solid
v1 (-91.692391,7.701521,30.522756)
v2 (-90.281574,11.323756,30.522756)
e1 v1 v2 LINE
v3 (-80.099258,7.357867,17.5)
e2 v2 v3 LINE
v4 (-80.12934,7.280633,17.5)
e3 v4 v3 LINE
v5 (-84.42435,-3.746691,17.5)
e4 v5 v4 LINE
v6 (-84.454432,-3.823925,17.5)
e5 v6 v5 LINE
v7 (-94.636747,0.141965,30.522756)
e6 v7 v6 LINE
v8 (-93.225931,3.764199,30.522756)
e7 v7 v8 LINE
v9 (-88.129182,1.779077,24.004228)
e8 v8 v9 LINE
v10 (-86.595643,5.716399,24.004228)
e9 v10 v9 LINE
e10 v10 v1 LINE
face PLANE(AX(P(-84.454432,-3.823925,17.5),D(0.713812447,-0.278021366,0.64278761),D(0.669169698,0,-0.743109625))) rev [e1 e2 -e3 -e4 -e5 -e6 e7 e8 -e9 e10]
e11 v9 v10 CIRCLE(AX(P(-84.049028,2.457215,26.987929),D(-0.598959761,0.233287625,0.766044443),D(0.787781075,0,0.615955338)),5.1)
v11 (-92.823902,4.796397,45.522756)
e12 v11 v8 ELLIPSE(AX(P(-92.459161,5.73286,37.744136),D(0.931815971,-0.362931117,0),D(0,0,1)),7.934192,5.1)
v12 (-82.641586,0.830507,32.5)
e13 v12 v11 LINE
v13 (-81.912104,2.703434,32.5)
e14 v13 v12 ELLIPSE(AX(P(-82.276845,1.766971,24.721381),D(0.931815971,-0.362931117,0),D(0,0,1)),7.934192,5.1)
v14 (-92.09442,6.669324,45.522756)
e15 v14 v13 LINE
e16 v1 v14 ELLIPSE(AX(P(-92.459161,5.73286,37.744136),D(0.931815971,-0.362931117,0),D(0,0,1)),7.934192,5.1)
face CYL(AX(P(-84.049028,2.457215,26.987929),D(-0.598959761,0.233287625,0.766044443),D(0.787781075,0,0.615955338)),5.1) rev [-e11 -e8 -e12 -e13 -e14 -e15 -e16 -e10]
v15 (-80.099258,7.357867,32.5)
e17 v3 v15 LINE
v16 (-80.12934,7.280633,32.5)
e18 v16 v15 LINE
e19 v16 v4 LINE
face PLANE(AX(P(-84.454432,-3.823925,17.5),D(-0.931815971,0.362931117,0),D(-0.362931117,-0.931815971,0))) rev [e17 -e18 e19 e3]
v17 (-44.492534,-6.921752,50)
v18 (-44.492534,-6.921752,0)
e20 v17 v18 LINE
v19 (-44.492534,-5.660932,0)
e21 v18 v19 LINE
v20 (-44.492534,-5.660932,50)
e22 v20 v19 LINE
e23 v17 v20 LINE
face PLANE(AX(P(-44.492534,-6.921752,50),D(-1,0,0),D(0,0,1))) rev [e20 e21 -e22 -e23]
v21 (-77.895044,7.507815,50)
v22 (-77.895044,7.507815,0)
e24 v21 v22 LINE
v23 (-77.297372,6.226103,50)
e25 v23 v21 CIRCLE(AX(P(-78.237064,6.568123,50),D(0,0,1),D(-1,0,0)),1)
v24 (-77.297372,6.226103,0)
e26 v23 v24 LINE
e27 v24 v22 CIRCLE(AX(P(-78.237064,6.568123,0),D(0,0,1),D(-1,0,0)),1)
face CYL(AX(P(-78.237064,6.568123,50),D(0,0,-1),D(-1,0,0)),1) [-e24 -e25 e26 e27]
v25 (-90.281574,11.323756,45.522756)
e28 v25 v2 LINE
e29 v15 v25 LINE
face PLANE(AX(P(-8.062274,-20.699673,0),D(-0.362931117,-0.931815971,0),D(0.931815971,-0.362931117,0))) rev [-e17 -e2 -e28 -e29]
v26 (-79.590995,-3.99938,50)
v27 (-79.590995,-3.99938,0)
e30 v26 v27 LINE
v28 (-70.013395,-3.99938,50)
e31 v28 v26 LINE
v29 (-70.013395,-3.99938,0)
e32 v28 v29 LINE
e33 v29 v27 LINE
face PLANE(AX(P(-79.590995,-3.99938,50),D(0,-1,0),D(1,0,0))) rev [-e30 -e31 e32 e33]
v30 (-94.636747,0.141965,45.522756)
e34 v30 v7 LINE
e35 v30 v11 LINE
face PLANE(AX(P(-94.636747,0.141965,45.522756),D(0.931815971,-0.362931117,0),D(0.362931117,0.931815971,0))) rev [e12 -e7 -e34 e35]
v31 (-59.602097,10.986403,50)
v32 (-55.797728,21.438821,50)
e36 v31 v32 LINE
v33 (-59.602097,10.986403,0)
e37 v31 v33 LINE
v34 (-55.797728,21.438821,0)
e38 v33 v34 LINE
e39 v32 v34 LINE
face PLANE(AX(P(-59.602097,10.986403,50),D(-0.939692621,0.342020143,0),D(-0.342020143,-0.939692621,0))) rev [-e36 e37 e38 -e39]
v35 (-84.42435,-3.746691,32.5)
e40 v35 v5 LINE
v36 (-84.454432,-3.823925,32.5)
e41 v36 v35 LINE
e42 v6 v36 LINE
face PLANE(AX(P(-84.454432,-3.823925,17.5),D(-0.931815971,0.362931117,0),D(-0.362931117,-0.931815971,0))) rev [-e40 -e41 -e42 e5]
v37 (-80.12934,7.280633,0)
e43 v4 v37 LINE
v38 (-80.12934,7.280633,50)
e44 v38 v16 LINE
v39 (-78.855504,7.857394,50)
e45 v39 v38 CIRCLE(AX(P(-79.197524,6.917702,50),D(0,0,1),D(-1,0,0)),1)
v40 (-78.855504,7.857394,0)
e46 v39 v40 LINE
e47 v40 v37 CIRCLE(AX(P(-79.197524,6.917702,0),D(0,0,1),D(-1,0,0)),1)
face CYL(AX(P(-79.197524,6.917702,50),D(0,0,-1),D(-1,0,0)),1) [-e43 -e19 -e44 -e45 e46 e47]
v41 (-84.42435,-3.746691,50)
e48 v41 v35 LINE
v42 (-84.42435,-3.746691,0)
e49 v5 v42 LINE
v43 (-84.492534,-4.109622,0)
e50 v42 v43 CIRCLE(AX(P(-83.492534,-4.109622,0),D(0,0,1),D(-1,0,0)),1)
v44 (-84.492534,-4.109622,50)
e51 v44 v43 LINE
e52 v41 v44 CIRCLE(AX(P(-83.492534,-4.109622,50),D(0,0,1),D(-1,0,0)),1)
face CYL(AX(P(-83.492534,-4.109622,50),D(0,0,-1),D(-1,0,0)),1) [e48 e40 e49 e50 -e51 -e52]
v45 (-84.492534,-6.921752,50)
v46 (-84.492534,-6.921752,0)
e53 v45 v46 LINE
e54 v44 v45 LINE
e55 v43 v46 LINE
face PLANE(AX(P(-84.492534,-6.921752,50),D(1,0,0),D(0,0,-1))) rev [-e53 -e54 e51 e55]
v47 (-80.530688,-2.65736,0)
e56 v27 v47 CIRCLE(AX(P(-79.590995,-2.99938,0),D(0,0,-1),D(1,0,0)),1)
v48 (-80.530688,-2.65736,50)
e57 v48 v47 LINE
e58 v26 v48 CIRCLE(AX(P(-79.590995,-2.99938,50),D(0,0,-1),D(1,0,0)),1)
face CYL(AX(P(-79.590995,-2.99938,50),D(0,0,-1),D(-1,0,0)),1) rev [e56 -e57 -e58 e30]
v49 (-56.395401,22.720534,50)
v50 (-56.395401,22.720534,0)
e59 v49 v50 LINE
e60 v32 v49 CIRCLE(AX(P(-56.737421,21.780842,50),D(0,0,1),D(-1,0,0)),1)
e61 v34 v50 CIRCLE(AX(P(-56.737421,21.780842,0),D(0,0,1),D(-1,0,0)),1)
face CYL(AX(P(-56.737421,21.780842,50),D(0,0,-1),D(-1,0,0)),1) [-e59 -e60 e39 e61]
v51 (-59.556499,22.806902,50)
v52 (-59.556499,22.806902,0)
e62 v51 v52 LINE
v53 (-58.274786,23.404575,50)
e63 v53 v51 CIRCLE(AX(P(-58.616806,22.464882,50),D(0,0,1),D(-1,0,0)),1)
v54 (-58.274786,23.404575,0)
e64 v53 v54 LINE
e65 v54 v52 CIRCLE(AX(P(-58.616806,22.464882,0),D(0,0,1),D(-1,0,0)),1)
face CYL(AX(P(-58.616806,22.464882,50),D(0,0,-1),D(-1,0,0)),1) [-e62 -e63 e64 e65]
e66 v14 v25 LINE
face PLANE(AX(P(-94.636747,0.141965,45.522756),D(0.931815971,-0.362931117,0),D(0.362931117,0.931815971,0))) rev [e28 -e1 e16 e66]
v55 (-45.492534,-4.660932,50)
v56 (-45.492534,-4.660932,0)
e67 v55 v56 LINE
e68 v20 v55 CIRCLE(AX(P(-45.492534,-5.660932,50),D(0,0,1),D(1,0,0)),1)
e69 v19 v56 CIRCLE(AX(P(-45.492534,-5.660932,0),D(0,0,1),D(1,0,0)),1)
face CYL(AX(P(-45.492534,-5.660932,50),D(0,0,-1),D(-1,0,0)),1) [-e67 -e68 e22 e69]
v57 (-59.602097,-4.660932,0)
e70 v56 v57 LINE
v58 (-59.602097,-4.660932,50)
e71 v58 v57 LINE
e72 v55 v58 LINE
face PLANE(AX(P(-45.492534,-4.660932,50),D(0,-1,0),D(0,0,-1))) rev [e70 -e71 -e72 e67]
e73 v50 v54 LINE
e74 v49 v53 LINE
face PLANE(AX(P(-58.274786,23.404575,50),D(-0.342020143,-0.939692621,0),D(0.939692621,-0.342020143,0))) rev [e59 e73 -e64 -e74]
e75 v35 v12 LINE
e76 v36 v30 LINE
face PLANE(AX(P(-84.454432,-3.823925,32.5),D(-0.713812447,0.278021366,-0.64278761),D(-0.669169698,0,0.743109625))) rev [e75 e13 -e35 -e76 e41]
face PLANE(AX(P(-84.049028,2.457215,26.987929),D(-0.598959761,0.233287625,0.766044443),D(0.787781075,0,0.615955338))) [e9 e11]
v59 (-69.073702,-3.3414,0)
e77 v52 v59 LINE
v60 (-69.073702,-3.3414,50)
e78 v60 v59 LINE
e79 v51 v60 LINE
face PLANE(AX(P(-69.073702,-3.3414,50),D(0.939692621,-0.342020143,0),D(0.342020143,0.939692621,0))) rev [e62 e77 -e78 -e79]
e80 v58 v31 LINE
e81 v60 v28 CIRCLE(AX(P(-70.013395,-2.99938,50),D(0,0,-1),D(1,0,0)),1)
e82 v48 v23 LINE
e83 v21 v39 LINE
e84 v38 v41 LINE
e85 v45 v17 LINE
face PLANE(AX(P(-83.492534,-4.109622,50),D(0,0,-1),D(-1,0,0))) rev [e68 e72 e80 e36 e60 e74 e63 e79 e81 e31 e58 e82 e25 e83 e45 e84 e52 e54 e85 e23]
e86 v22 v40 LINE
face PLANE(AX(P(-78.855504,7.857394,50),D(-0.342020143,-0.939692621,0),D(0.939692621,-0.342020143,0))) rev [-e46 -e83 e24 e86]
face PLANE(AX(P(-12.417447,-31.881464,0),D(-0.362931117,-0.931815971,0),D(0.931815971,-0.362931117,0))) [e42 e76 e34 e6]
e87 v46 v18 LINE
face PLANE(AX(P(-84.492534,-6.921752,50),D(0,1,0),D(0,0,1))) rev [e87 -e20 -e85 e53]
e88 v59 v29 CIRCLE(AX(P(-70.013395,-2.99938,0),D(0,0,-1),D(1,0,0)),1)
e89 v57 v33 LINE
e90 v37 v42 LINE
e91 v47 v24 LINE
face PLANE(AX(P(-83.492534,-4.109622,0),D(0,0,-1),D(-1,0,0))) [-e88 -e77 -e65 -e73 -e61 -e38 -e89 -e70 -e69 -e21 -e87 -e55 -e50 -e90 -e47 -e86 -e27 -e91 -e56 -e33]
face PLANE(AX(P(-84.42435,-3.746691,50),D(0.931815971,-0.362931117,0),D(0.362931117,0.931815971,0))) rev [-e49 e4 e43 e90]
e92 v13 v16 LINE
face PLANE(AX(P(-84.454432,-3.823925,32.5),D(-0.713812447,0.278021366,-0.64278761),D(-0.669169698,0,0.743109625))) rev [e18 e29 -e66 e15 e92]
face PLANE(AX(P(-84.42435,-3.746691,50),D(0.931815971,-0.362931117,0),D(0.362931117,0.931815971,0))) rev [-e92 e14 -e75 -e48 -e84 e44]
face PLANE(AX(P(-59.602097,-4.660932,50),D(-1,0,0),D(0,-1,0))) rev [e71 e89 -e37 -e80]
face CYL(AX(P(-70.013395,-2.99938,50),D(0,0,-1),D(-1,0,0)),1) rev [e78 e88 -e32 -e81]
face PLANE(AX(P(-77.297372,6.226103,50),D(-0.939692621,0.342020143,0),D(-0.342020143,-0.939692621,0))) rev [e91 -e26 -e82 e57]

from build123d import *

# Parameters (mm, degrees)
SALIENTE_EXTRUIR1_DEPTH      = 50
SALIENTE_EXTRUIR3_DEPTH      = 1
SALIENTE_EXTRUIR3_DEPTH_BACK = 11
CROQUIS8_R                   = 5.1
CORTAR_EXTRUIR1_DEPTH        = 20


with BuildPart() as part:
    # Croquis1 → Saliente-Extruir1 (new body)
    with BuildSketch(Plane.XY):
        with BuildLine():
            Line((-84.492533904, -6.921751872), (-44.492533904, -6.921751872))
            Line((-44.492533904, -6.921751872), (-44.492533904, -5.660932217))
            ThreePointArc((-44.492533904, -5.660932217), (-44.785427123, -4.953825435), (-45.492533904, -4.660932217))
            Line((-45.492533904, -4.660932217), (-59.602097354, -4.660932217))
            Line((-59.602097354, -4.660932217), (-59.602097354, 10.986403293))
            Line((-59.602097354, 10.986403293), (-55.79772825, 21.438821499))
            ThreePointArc((-55.79772825, 21.438821499), (-55.831113084, 22.203459904), (-56.395400728, 22.720534263))
            Line((-56.395400728, 22.720534263), (-58.274785969, 23.40457455))
            ThreePointArc((-58.274785969, 23.40457455), (-59.039424374, 23.371189716), (-59.556498733, 22.806902073))
            Line((-59.556498733, 22.806902073), (-69.073702494, -3.341400356))
            ThreePointArc((-69.073702494, -3.341400356), (-69.439818678, -3.818532257), (-70.013395115, -3.999380213))
            Line((-70.013395115, -3.999380213), (-79.590995067, -3.999380213))
            ThreePointArc((-79.590995067, -3.999380213), (-80.410147111, -3.572956649), (-80.530687688, -2.657360069))
            Line((-80.530687688, -2.657360069), (-77.297371662, 6.226102703))
            ThreePointArc((-77.297371662, 6.226102703), (-77.330756495, 6.990741108), (-77.895044139, 7.507815467))
            Line((-77.895044139, 7.507815467), (-78.855503706, 7.857394161))
            ThreePointArc((-78.855503706, 7.857394161), (-79.609989894, 7.828674516), (-80.129339821, 7.280632657))
            Line((-80.129339821, 7.280632657), (-84.424349875, -3.746691195))
            ThreePointArc((-84.424349875, -3.746691195), (-84.475340083, -3.924982082), (-84.492533904, -4.109622312))
            Line((-84.492533904, -4.109622312), (-84.492533904, -6.921751872))
        make_face()
    extrude(amount=SALIENTE_EXTRUIR1_DEPTH)

    # Croquis5 → Saliente-Extruir3 (add, two sides)
    with BuildSketch(Plane(origin=(-12.054515952, -30.949648451, 0), x_dir=(0, 0, 1), z_dir=(-0.362931117, -0.931815971, 0))) as saliente_extruir3_sk:
        Polygon((17.5, 77.308166751), (30.522755533, 88.235556115), (45.522755533, 88.235556115), (32.5, 77.308166751), align=None)
    extrude(amount=SALIENTE_EXTRUIR3_DEPTH)
    extrude(saliente_extruir3_sk.sketch, amount=-SALIENTE_EXTRUIR3_DEPTH_BACK)

    # Croquis8 → Cortar-Extruir1 (cut)
    with BuildSketch(Plane(origin=(-54.858231018, 21.366621399, 70.161379414), x_dir=(0.800779124, 0.174492436, 0.572979218), z_dir=(-0.598959761, 0.233287625, 0.766044443))):
        with Locations((-51.412419204, -5.511649837)):
            Circle(CROQUIS8_R)
    extrude(amount=-CORTAR_EXTRUIR1_DEPTH, mode=Mode.SUBTRACT)


solid = part.part
